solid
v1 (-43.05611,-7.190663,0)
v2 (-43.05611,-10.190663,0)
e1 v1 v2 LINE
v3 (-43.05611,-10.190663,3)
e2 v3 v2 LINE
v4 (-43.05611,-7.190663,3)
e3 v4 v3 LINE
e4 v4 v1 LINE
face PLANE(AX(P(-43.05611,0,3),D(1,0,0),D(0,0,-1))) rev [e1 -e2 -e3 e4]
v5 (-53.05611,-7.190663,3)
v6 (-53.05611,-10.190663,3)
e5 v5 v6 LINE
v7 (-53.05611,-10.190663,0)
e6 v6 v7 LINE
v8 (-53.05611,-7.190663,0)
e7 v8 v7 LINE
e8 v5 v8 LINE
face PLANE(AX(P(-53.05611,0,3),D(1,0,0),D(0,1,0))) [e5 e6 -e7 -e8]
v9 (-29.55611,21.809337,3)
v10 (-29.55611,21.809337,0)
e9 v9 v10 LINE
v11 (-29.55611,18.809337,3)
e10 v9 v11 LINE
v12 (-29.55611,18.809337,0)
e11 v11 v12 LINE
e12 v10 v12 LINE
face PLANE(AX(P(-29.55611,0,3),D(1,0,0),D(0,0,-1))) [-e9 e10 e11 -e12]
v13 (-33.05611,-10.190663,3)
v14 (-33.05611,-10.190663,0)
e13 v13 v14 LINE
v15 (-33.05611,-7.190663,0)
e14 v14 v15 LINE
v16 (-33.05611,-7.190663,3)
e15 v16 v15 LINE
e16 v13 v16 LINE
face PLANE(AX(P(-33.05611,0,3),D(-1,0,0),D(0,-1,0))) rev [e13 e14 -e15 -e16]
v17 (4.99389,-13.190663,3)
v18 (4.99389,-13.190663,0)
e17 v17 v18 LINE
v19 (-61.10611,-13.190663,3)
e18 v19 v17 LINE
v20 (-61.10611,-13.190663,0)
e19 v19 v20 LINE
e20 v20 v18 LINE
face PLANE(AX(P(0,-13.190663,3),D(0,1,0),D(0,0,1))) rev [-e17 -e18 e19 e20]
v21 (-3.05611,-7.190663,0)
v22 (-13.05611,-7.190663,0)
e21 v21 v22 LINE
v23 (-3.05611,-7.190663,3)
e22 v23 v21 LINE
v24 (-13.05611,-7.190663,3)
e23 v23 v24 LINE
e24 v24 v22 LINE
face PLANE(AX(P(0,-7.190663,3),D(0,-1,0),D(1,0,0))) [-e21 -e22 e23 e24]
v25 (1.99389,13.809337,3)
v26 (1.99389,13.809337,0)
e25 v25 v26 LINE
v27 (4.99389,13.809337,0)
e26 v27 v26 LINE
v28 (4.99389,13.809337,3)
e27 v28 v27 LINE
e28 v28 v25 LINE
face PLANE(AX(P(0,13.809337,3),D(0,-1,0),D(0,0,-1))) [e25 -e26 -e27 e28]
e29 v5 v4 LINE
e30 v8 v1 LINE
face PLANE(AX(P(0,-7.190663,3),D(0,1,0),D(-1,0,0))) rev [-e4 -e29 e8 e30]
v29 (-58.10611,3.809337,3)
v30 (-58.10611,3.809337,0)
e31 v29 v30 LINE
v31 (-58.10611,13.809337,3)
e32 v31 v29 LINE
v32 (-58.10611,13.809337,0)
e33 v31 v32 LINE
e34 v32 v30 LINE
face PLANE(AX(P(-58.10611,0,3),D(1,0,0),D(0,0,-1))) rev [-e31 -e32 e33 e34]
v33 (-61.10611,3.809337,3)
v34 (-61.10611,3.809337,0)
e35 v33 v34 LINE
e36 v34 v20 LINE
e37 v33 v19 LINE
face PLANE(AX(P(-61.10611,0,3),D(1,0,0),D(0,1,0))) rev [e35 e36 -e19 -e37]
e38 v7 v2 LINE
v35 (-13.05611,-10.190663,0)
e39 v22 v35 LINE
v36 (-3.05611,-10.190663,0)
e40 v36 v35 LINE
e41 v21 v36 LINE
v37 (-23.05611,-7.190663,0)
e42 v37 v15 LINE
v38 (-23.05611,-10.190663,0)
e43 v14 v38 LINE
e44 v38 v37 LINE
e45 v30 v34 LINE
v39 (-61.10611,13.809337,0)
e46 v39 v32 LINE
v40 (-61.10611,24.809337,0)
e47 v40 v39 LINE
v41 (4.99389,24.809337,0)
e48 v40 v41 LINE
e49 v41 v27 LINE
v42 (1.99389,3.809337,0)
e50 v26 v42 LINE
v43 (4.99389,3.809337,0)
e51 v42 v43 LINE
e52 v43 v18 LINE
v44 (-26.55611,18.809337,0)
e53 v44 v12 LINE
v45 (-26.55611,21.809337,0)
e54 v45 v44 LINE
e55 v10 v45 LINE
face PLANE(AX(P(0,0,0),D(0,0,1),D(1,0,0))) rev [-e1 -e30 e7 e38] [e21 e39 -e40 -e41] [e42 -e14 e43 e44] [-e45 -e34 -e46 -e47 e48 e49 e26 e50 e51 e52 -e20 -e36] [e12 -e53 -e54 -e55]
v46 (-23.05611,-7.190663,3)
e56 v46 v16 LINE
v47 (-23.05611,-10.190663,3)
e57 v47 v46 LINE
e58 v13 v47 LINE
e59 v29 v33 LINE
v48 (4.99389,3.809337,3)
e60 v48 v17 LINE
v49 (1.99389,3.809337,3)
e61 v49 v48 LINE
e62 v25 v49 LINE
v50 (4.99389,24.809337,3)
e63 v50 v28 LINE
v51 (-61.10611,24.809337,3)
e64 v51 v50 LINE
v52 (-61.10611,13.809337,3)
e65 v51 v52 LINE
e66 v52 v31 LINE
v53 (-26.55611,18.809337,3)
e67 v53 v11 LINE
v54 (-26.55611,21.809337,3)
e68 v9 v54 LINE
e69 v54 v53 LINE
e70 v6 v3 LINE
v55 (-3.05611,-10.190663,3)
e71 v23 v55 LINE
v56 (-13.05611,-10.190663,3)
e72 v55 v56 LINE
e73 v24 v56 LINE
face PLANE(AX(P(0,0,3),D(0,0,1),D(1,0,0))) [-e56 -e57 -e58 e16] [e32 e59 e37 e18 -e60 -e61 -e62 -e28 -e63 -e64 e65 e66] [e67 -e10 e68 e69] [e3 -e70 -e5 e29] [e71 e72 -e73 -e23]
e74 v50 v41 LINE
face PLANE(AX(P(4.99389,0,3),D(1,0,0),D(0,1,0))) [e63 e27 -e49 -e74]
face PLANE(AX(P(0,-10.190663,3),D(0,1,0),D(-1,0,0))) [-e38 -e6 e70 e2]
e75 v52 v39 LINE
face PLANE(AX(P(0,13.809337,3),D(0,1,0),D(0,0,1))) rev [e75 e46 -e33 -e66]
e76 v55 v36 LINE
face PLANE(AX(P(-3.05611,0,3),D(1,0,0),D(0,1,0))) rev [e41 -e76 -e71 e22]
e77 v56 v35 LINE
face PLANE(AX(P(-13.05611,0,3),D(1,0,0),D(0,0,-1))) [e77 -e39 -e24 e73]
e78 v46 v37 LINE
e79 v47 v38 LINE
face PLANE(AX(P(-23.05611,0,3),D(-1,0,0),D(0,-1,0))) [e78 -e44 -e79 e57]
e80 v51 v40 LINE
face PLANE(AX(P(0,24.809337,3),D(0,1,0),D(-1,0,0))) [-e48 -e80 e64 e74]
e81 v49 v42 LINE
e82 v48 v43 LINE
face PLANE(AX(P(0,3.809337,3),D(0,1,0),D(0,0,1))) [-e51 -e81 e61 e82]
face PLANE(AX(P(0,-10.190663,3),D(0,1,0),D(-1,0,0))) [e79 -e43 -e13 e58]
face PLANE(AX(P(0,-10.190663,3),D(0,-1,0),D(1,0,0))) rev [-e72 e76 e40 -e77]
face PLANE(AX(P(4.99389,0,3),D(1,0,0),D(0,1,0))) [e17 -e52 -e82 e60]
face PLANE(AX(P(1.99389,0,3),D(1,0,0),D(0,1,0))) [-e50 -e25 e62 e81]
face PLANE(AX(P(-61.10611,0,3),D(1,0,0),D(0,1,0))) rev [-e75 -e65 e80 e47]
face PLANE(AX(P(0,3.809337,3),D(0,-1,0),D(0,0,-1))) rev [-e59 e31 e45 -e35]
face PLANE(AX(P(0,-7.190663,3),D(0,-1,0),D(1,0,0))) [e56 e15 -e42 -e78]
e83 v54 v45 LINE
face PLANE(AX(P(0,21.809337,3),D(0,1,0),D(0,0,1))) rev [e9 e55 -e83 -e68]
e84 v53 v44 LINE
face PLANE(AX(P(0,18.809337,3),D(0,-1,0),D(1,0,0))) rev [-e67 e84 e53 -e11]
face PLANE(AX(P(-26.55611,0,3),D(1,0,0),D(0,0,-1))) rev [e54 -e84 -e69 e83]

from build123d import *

# Parameters (mm, degrees)
SKETCH1_W           = 10
SKETCH1_H           = 3
SKETCH1_W_2         = 3
BOSS_EXTRUDE1_DEPTH = 3


with BuildPart() as part:
    # Sketch1 → Boss-Extrude1 (new body)
    with BuildSketch(Plane.XY):
        Polygon((4.993890114, 24.809336695), (-61.106109886, 24.809336695), (-61.106109886, 13.809336695), (-58.106109886, 13.809336695), (-58.106109886, 3.809336695), (-61.106109886, 3.809336695), (-61.106109886, -13.190663305), (4.993890114, -13.190663305), (4.993890114, 3.809336695), (1.993890114, 3.809336695), (1.993890114, 13.809336695), (4.993890114, 13.809336695), align=None)
        with Locations((-28.056109886, -8.690663305)):
            Rectangle(SKETCH1_W, SKETCH1_H, mode=Mode.SUBTRACT)
        with Locations((-28.056109886, 20.309336695)):
            Rectangle(SKETCH1_W_2, SKETCH1_H, mode=Mode.SUBTRACT)
        with Locations((-8.056109886, -8.690663305)):
            Rectangle(SKETCH1_W, SKETCH1_H, mode=Mode.SUBTRACT)
        with Locations((-48.056109886, -8.690663305)):
            Rectangle(SKETCH1_W, SKETCH1_H, mode=Mode.SUBTRACT)
    extrude(amount=BOSS_EXTRUDE1_DEPTH)


solid = part.part
